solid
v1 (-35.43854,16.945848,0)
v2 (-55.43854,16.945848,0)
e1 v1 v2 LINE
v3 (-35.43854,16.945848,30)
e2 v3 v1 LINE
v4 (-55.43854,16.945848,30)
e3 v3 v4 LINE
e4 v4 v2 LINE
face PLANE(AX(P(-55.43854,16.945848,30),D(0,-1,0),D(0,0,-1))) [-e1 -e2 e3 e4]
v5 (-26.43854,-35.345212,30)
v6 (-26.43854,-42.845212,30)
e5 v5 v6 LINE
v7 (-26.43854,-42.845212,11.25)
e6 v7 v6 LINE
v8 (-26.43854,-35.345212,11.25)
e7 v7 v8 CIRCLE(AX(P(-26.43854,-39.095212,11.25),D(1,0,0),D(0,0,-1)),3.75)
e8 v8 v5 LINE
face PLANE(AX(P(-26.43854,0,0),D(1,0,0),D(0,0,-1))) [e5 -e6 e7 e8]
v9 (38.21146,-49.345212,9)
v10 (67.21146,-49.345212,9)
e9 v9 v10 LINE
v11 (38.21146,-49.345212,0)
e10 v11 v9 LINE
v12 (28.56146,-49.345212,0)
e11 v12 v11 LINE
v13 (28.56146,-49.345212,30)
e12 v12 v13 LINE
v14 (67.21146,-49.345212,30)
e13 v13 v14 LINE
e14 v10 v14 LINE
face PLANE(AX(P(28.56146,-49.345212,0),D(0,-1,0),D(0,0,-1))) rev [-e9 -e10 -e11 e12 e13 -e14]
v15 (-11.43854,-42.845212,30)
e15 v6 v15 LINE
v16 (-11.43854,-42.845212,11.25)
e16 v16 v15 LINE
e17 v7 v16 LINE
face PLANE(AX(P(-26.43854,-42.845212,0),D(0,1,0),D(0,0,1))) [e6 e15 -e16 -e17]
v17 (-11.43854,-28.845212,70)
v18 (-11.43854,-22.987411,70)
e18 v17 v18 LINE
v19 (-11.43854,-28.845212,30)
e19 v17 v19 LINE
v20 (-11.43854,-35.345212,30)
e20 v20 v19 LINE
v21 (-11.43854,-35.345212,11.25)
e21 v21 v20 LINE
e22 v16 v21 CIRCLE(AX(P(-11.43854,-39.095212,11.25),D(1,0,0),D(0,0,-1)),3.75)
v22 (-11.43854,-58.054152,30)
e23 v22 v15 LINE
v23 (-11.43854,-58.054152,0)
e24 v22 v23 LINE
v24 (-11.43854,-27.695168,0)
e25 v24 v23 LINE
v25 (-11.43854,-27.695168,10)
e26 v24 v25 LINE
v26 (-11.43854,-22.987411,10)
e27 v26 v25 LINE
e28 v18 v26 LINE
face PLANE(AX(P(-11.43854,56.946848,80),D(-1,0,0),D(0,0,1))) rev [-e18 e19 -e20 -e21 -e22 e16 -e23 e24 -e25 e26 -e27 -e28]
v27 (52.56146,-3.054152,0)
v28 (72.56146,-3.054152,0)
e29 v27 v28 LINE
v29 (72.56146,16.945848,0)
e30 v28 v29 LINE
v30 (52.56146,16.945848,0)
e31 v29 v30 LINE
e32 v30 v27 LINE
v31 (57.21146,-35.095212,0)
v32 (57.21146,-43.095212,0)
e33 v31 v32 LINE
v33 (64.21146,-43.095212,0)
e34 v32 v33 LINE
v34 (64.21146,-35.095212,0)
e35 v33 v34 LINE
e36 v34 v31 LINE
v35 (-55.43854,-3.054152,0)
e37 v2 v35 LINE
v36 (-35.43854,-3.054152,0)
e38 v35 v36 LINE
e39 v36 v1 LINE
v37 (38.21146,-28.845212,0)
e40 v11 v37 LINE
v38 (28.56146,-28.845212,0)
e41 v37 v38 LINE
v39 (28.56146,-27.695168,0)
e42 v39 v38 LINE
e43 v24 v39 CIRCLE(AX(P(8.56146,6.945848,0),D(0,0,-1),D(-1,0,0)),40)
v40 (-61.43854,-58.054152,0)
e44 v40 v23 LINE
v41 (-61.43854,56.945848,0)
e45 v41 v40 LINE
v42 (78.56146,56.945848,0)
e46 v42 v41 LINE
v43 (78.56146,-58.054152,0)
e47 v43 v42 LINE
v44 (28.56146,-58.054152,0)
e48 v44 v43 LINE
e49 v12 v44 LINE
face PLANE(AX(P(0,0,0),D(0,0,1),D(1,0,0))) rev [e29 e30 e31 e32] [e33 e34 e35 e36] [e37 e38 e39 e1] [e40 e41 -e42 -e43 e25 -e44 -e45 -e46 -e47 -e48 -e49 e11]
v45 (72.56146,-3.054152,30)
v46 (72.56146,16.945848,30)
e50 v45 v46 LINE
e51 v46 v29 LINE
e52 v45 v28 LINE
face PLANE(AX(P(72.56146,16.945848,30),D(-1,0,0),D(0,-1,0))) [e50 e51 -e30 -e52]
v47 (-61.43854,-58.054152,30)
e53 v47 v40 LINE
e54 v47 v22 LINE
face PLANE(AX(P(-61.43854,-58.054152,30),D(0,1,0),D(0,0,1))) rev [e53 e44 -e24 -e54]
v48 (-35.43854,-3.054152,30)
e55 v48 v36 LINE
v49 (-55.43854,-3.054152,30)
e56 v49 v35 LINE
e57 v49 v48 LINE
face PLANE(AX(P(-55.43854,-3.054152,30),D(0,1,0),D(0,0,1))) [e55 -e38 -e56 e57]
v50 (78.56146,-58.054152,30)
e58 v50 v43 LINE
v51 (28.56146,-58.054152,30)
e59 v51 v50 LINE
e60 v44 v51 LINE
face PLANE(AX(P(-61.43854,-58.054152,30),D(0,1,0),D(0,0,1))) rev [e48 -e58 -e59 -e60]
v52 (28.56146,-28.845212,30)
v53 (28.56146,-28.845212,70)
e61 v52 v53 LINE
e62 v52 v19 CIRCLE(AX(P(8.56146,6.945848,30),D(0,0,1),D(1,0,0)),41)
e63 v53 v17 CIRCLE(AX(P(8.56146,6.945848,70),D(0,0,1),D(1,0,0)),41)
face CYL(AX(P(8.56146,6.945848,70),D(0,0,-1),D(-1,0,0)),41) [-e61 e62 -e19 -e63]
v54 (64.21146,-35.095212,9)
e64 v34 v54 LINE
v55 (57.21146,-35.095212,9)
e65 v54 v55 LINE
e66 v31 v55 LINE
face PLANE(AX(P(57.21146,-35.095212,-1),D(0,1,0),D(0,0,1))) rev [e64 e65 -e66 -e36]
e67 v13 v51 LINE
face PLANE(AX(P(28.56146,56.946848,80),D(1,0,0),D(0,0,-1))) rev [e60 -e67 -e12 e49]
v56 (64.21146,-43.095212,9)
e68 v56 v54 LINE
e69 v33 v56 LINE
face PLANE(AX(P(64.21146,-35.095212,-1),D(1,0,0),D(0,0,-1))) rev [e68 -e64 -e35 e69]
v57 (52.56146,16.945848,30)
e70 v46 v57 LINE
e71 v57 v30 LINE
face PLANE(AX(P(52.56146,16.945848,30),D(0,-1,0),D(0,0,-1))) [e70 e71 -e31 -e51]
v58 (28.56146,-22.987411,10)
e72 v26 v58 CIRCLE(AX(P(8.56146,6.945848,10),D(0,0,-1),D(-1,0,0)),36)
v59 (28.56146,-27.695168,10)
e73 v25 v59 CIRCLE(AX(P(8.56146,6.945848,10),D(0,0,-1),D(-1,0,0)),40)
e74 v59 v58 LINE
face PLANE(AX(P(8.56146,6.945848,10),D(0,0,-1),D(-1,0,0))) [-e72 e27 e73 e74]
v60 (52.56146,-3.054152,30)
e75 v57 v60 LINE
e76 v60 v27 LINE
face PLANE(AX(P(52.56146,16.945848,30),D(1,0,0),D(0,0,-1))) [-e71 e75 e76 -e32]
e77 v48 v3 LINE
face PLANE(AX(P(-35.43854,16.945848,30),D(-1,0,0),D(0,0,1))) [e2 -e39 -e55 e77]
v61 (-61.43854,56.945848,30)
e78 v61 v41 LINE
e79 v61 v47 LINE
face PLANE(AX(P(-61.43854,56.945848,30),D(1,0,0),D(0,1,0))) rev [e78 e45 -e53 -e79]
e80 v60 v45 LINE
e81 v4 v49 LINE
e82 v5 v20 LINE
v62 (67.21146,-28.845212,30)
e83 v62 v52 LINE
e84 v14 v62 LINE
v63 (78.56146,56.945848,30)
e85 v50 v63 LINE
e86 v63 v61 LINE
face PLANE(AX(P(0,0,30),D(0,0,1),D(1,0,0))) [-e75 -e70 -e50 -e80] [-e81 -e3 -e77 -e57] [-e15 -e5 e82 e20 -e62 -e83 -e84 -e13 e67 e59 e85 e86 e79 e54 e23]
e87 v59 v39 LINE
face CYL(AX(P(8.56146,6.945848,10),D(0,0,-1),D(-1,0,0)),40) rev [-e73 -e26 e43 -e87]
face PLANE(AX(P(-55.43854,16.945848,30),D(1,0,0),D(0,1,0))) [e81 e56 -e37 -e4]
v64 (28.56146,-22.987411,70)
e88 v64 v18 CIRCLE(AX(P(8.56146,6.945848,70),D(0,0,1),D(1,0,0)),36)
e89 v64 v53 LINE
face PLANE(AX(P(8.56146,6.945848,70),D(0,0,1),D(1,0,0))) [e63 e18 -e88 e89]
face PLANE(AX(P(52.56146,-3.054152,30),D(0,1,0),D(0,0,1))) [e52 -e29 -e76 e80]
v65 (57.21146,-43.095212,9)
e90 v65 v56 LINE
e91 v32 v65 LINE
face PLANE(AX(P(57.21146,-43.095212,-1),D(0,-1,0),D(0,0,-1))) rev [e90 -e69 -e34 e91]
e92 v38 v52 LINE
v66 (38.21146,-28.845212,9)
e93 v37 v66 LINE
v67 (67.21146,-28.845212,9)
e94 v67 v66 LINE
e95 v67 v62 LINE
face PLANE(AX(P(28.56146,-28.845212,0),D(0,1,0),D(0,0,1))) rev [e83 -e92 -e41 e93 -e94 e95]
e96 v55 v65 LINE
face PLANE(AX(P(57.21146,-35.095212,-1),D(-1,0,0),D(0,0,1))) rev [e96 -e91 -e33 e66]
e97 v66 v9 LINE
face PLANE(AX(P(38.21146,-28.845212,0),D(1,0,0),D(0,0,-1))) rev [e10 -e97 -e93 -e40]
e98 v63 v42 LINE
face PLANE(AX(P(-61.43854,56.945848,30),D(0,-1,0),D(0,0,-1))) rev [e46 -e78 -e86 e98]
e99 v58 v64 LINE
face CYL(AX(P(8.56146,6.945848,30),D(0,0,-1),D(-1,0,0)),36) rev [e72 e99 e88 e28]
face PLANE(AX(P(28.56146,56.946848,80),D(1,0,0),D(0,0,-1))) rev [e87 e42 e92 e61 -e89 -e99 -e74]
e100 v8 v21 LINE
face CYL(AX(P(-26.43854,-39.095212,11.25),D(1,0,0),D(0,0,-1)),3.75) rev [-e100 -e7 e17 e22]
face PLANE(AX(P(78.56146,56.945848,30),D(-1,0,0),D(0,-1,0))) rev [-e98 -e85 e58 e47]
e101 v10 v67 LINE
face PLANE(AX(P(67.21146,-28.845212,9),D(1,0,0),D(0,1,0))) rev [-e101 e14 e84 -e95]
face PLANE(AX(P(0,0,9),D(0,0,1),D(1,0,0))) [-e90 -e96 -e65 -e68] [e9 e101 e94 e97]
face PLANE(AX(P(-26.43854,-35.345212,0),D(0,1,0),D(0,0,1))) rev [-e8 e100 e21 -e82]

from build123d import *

# Parameters (mm, degrees)
SKETCH_1_W          = 140
SKETCH_1_H          = 115
SKETCH_1_R          = 36
SKETCH_1_W_2        = 20
SKETCH_1_H_2        = 20
EXTRUDE_1_DEPTH     = 30
SKETCH_2_R          = 40
CUT_EXTRUDE_1_DEPTH = 10
SKETCH_10_R         = 41
SKETCH_10_R_2       = 36
EXTRUDE_3_DEPTH     = 40
CUT_EXTRUDE_2_REACH = 117
SKETCH_3_W          = 40
SKETCH_3_H          = 80
SKETCH_4_R          = 3.75
SKETCH_4_W          = 18.75
SKETCH_4_H          = 7.5
CUT_EXTRUDE_3_DEPTH = 15
SKETCH_6_W          = 9.65
SKETCH_6_H          = 20.5
CUT_EXTRUDE_4_DEPTH = 31
SKETCH_7_W          = 29
SKETCH_7_H          = 20.5
CUT_EXTRUDE_5_DEPTH = 21
SKETCH_11_W         = 7
SKETCH_11_H         = 8
CUT_EXTRUDE_6_DEPTH = 10


with BuildPart() as part:
    # 草圖1 → 填料-伸長1 (new body)
    with BuildSketch(Plane.XY):
        with Locations((8.56146046, -0.554151625)):
            Rectangle(SKETCH_1_W, SKETCH_1_H)
        with Locations((8.56146046, 6.945848375)):
            Circle(SKETCH_1_R, mode=Mode.SUBTRACT)
        with Locations((-45.43853954, 6.945848375)):
            Rectangle(SKETCH_1_W_2, SKETCH_1_H_2, mode=Mode.SUBTRACT)
        with Locations((62.56146046, 6.945848375)):
            Rectangle(SKETCH_1_W_2, SKETCH_1_H_2, mode=Mode.SUBTRACT)
    extrude(amount=EXTRUDE_1_DEPTH)

    # 草圖2 → 除料-伸長1 (cut)
    with BuildSketch(Plane(origin=(0, 0, 0), x_dir=(-1, 0, 0), z_dir=(0, 0, -1))):
        with Locations((-8.56146046, 6.945848375)):
            Circle(SKETCH_2_R)
    extrude(amount=-CUT_EXTRUDE_1_DEPTH, mode=Mode.SUBTRACT)

    # 草圖10 → 填料-伸長3 (add)
    with BuildSketch(Plane.XY.offset(30)):
        with Locations((8.56146046, 6.945848375)):
            Circle(SKETCH_10_R)
        with Locations((8.56146046, 6.945848375)):
            Circle(SKETCH_10_R_2, mode=Mode.SUBTRACT)
    extrude(amount=EXTRUDE_3_DEPTH)

    # 草圖3 → 除料-伸長2 (cut, up to next)
    with BuildSketch(Plane.XZ.offset(58.054151625), mode=Mode.PRIVATE) as cut_extrude_2_sk1:
        with Locations((8.56146046, 40)):
            Rectangle(SKETCH_3_W, SKETCH_3_H)
    cut_extrude_2_tool1 = extrude(cut_extrude_2_sk1.sketch, amount=-CUT_EXTRUDE_2_REACH, mode=Mode.PRIVATE) & part.part
    add(cut_extrude_2_tool1.solids().sort_by_distance((8.56146, -58.054152, 40))[0], mode=Mode.SUBTRACT)

    # 草圖4 → 除料-伸長3 (cut)
    with BuildSketch(Plane(origin=(-11.43853954, 0, 0), x_dir=(0, 0, -1), z_dir=(1, 0, 0))):
        with Locations((-11.25, -39.095211961)):
            Circle(SKETCH_4_R)
        with Locations((-20.625, -39.095211961)):
            Rectangle(SKETCH_4_W, SKETCH_4_H)
    extrude(amount=-CUT_EXTRUDE_3_DEPTH, mode=Mode.SUBTRACT)

    # 草圖6 → 除料-伸長4 (cut, through all)
    with BuildSketch(Plane.XY.offset(30)):
        with Locations((33.38646046, -39.095211961)):
            Rectangle(SKETCH_6_W, SKETCH_6_H)
    extrude(amount=-CUT_EXTRUDE_4_DEPTH, mode=Mode.SUBTRACT)

    # 草圖7 → 除料-伸長5 (cut)
    with BuildSketch(Plane.XY.offset(30)):
        with Locations((52.71146046, -39.095211961)):
            Rectangle(SKETCH_7_W, SKETCH_7_H)
    extrude(amount=-CUT_EXTRUDE_5_DEPTH, mode=Mode.SUBTRACT)

    # 草圖11 → 除料-伸長6 (cut)
    with BuildSketch(Plane.XY.offset(9)):
        with Locations((60.71146046, -39.095211961)):
            Rectangle(SKETCH_11_W, SKETCH_11_H)
    extrude(amount=-CUT_EXTRUDE_6_DEPTH, mode=Mode.SUBTRACT)


solid = part.part
